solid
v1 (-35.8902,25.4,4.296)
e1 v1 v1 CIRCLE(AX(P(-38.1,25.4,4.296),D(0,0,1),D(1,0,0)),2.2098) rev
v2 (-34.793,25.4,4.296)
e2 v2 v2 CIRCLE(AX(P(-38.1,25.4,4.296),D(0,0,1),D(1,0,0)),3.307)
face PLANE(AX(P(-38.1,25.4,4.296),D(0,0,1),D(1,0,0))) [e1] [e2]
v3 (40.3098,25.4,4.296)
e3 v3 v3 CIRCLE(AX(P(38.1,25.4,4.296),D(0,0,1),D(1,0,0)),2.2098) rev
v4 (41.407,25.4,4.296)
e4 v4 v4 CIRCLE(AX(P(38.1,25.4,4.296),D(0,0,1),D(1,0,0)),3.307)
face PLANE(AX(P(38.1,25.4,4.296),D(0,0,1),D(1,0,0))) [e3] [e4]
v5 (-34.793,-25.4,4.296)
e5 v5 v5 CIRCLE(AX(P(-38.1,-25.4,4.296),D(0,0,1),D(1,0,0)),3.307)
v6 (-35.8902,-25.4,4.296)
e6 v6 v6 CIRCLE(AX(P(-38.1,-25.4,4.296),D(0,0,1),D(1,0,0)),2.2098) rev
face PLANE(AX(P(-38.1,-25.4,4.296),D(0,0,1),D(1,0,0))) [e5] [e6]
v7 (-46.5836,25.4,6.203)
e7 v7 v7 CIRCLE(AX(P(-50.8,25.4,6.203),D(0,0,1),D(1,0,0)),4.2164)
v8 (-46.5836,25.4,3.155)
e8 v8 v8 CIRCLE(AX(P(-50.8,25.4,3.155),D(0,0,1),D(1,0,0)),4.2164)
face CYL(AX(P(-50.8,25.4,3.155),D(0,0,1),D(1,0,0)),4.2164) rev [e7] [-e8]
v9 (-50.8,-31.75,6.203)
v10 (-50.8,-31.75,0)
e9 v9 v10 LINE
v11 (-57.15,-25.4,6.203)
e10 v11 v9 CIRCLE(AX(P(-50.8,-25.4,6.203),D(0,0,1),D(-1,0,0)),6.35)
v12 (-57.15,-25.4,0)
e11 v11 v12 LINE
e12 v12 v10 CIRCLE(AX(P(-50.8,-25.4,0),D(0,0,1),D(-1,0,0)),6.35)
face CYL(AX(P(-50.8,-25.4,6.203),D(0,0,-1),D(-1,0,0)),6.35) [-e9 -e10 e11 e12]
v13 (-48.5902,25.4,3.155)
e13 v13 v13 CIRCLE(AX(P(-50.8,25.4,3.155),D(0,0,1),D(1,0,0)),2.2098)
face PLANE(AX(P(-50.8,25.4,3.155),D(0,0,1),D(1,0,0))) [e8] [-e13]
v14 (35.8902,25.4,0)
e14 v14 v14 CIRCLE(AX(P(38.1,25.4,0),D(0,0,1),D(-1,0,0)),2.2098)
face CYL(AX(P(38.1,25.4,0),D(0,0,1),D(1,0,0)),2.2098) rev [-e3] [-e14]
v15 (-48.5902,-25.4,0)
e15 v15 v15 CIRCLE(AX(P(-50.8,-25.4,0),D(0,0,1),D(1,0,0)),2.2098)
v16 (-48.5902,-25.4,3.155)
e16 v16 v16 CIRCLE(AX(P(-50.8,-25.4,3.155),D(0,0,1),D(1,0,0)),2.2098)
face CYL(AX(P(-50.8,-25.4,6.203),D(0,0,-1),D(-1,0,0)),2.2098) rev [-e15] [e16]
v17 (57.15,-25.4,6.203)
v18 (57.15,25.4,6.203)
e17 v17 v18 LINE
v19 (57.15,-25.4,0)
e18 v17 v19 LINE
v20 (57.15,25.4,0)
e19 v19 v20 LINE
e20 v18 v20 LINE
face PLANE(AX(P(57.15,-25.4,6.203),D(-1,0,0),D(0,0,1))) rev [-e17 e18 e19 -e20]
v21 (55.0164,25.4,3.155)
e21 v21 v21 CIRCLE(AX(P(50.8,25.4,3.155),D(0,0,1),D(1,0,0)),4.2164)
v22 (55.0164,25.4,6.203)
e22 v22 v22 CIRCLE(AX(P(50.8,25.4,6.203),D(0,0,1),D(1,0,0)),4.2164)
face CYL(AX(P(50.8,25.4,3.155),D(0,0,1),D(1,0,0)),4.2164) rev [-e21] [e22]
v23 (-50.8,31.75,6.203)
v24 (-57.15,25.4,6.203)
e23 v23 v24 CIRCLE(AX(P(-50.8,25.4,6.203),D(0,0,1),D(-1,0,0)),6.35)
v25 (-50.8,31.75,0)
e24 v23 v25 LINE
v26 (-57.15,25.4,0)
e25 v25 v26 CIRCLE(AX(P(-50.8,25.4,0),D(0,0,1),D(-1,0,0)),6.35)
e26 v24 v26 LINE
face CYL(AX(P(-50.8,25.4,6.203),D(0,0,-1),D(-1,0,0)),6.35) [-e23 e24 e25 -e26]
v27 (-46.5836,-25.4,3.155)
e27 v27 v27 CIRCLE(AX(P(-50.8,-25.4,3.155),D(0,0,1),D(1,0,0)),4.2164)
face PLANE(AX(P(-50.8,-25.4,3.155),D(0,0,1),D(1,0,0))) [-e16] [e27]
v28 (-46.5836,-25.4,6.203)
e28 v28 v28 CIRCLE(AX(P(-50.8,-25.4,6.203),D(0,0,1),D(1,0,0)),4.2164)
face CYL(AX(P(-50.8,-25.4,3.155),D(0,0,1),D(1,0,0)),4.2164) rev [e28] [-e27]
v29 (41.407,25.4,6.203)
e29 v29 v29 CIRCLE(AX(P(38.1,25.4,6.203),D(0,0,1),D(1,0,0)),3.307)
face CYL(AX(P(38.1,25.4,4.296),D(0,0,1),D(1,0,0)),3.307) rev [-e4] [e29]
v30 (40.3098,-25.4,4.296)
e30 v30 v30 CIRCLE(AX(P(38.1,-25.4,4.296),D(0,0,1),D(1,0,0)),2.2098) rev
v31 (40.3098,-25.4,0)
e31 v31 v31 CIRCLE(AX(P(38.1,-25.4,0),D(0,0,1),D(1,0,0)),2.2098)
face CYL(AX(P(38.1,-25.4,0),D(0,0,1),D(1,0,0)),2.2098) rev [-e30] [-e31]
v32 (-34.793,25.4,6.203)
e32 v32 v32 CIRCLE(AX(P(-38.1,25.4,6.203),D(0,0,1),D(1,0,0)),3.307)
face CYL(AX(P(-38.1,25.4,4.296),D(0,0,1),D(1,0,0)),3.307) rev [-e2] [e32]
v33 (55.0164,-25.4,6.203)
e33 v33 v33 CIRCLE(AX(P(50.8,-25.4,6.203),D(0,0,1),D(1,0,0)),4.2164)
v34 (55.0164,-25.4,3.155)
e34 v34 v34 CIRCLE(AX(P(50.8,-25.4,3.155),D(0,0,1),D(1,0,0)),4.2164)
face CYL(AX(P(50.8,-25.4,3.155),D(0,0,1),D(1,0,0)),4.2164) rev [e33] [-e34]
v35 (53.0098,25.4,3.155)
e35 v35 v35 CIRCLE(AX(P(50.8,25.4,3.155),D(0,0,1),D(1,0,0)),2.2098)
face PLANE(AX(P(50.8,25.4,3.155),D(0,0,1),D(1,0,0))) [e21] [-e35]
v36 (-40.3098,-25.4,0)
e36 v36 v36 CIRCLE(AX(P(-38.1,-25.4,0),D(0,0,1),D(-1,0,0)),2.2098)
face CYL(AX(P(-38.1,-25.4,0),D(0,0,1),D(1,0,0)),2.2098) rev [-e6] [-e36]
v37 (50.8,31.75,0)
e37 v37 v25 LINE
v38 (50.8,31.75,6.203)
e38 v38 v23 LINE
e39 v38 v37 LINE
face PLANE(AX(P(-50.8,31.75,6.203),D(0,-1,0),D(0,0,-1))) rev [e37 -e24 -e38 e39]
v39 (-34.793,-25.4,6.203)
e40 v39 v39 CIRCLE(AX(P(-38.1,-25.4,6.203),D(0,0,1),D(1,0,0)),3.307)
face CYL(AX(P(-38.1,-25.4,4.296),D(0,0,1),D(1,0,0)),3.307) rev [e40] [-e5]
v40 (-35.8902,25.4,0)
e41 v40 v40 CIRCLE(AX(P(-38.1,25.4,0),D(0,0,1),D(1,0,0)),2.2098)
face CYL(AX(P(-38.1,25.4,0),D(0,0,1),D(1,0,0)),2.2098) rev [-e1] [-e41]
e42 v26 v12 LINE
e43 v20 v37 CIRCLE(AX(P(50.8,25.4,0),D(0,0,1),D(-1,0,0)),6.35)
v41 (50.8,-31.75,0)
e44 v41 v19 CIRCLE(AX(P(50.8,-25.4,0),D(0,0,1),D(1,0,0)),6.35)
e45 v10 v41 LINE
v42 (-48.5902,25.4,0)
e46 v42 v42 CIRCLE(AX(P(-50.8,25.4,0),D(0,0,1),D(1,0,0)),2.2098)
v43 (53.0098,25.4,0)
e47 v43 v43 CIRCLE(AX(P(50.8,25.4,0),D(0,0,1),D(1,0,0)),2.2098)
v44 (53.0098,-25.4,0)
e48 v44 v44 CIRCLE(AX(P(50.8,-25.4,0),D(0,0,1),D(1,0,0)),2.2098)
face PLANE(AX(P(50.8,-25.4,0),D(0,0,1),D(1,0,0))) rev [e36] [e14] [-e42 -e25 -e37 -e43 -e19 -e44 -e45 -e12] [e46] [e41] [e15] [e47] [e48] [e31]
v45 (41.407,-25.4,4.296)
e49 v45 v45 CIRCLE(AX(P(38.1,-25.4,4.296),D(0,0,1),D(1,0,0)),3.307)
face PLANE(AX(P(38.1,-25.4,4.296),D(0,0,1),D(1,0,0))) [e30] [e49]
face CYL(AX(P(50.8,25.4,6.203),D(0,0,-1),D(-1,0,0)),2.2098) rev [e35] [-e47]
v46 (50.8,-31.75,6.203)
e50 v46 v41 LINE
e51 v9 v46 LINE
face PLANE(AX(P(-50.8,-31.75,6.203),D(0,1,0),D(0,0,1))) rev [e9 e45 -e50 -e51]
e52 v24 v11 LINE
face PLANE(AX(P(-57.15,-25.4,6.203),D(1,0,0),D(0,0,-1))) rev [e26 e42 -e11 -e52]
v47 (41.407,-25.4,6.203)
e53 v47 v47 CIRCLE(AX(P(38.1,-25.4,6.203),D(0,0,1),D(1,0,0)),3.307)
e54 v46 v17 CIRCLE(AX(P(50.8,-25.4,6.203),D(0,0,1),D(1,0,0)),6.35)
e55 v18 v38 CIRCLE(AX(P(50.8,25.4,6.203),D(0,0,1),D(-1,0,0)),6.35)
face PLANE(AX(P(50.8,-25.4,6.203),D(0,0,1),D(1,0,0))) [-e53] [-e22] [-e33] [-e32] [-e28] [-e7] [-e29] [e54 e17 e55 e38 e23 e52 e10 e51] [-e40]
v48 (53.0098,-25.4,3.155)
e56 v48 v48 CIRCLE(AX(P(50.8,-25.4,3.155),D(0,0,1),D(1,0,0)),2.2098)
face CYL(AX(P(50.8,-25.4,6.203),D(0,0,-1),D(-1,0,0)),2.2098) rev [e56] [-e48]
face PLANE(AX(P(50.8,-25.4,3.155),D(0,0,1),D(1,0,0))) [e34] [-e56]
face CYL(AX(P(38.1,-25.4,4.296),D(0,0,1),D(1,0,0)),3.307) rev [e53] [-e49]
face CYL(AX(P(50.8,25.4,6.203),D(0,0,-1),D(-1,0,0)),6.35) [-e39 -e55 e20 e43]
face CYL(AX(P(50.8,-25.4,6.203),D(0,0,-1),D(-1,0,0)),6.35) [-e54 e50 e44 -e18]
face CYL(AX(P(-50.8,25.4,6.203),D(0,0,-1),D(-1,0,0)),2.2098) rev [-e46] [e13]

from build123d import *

# Parameters (mm, degrees)
SKETCH1_R           = 2.2098
BOSS_EXTRUDE1_DEPTH = 6.20300004
SKETCH2_R           = 4.2164
CUT_EXTRUDE1_DEPTH  = 3.048
SKETCH3_R           = 2.2098
CUT_EXTRUDE2_DEPTH  = 66.670862713
SKETCH4_R           = 3.30699999
CUT_EXTRUDE3_DEPTH  = 1.906999996


with BuildPart() as part:
    # Sketch1 → Boss-Extrude1 (new body)
    with BuildSketch(Plane.XY):
        with BuildLine():
            Line((-50.8, -31.75), (50.8, -31.75))
            ThreePointArc((50.8, -31.75), (55.290128061, -29.890128061), (57.15, -25.4))
            Line((57.15, -25.4), (57.15, 25.4))
            ThreePointArc((57.15, 25.4), (55.290128061, 29.890128061), (50.8, 31.75))
            Line((50.8, 31.75), (-50.8, 31.75))
            ThreePointArc((-50.8, 31.75), (-55.290128061, 29.890128061), (-57.15, 25.4))
            Line((-57.15, 25.4), (-57.15, -25.4))
            ThreePointArc((-57.15, -25.4), (-55.290128061, -29.890128061), (-50.8, -31.75))
        make_face()
        with Locations((-50.8, -25.4)):
            Circle(SKETCH1_R, mode=Mode.SUBTRACT)
        with Locations((-50.8, 25.4)):
            Circle(SKETCH1_R, mode=Mode.SUBTRACT)
        with Locations((50.8, 25.4)):
            Circle(SKETCH1_R, mode=Mode.SUBTRACT)
        with Locations((50.8, -25.4)):
            Circle(SKETCH1_R, mode=Mode.SUBTRACT)
    extrude(amount=BOSS_EXTRUDE1_DEPTH)

    # Sketch2 → Cut-Extrude1 (cut)
    with BuildSketch(Plane.XY.offset(6.20300004)):
        with Locations((-50.8, 25.4)):
            Circle(SKETCH2_R)
        with Locations((50.8, 25.4)):
            Circle(SKETCH2_R)
        with Locations((50.8, -25.4)):
            Circle(SKETCH2_R)
        with Locations((-50.8, -25.4)):
            Circle(SKETCH2_R)
    extrude(amount=-CUT_EXTRUDE1_DEPTH, mode=Mode.SUBTRACT)

    # Sketch3 → Cut-Extrude2 (cut, through all)
    with BuildSketch(Plane.XY.offset(6.20300004)):
        with Locations((-38.1, 25.4)):
            Circle(SKETCH3_R)
        with Locations(Location((38.1, 25.4, 0), (0, 0, 180))):
            Circle(SKETCH3_R)
        with Locations((38.1, -25.4)):
            Circle(SKETCH3_R)
        with Locations(Location((-38.1, -25.4, 0), (0, 0, 180))):
            Circle(SKETCH3_R)
    extrude(amount=-CUT_EXTRUDE2_DEPTH, mode=Mode.SUBTRACT)

    # Sketch4 → Cut-Extrude3 (cut)
    with BuildSketch(Plane.XY.offset(6.20300004)):
        with Locations((-38.1, 25.4)):
            Circle(SKETCH4_R)
        with Locations((38.1, 25.4)):
            Circle(SKETCH4_R)
        with Locations((38.1, -25.4)):
            Circle(SKETCH4_R)
        with Locations((-38.1, -25.4)):
            Circle(SKETCH4_R)
    extrude(amount=-CUT_EXTRUDE3_DEPTH, mode=Mode.SUBTRACT)


solid = part.part
